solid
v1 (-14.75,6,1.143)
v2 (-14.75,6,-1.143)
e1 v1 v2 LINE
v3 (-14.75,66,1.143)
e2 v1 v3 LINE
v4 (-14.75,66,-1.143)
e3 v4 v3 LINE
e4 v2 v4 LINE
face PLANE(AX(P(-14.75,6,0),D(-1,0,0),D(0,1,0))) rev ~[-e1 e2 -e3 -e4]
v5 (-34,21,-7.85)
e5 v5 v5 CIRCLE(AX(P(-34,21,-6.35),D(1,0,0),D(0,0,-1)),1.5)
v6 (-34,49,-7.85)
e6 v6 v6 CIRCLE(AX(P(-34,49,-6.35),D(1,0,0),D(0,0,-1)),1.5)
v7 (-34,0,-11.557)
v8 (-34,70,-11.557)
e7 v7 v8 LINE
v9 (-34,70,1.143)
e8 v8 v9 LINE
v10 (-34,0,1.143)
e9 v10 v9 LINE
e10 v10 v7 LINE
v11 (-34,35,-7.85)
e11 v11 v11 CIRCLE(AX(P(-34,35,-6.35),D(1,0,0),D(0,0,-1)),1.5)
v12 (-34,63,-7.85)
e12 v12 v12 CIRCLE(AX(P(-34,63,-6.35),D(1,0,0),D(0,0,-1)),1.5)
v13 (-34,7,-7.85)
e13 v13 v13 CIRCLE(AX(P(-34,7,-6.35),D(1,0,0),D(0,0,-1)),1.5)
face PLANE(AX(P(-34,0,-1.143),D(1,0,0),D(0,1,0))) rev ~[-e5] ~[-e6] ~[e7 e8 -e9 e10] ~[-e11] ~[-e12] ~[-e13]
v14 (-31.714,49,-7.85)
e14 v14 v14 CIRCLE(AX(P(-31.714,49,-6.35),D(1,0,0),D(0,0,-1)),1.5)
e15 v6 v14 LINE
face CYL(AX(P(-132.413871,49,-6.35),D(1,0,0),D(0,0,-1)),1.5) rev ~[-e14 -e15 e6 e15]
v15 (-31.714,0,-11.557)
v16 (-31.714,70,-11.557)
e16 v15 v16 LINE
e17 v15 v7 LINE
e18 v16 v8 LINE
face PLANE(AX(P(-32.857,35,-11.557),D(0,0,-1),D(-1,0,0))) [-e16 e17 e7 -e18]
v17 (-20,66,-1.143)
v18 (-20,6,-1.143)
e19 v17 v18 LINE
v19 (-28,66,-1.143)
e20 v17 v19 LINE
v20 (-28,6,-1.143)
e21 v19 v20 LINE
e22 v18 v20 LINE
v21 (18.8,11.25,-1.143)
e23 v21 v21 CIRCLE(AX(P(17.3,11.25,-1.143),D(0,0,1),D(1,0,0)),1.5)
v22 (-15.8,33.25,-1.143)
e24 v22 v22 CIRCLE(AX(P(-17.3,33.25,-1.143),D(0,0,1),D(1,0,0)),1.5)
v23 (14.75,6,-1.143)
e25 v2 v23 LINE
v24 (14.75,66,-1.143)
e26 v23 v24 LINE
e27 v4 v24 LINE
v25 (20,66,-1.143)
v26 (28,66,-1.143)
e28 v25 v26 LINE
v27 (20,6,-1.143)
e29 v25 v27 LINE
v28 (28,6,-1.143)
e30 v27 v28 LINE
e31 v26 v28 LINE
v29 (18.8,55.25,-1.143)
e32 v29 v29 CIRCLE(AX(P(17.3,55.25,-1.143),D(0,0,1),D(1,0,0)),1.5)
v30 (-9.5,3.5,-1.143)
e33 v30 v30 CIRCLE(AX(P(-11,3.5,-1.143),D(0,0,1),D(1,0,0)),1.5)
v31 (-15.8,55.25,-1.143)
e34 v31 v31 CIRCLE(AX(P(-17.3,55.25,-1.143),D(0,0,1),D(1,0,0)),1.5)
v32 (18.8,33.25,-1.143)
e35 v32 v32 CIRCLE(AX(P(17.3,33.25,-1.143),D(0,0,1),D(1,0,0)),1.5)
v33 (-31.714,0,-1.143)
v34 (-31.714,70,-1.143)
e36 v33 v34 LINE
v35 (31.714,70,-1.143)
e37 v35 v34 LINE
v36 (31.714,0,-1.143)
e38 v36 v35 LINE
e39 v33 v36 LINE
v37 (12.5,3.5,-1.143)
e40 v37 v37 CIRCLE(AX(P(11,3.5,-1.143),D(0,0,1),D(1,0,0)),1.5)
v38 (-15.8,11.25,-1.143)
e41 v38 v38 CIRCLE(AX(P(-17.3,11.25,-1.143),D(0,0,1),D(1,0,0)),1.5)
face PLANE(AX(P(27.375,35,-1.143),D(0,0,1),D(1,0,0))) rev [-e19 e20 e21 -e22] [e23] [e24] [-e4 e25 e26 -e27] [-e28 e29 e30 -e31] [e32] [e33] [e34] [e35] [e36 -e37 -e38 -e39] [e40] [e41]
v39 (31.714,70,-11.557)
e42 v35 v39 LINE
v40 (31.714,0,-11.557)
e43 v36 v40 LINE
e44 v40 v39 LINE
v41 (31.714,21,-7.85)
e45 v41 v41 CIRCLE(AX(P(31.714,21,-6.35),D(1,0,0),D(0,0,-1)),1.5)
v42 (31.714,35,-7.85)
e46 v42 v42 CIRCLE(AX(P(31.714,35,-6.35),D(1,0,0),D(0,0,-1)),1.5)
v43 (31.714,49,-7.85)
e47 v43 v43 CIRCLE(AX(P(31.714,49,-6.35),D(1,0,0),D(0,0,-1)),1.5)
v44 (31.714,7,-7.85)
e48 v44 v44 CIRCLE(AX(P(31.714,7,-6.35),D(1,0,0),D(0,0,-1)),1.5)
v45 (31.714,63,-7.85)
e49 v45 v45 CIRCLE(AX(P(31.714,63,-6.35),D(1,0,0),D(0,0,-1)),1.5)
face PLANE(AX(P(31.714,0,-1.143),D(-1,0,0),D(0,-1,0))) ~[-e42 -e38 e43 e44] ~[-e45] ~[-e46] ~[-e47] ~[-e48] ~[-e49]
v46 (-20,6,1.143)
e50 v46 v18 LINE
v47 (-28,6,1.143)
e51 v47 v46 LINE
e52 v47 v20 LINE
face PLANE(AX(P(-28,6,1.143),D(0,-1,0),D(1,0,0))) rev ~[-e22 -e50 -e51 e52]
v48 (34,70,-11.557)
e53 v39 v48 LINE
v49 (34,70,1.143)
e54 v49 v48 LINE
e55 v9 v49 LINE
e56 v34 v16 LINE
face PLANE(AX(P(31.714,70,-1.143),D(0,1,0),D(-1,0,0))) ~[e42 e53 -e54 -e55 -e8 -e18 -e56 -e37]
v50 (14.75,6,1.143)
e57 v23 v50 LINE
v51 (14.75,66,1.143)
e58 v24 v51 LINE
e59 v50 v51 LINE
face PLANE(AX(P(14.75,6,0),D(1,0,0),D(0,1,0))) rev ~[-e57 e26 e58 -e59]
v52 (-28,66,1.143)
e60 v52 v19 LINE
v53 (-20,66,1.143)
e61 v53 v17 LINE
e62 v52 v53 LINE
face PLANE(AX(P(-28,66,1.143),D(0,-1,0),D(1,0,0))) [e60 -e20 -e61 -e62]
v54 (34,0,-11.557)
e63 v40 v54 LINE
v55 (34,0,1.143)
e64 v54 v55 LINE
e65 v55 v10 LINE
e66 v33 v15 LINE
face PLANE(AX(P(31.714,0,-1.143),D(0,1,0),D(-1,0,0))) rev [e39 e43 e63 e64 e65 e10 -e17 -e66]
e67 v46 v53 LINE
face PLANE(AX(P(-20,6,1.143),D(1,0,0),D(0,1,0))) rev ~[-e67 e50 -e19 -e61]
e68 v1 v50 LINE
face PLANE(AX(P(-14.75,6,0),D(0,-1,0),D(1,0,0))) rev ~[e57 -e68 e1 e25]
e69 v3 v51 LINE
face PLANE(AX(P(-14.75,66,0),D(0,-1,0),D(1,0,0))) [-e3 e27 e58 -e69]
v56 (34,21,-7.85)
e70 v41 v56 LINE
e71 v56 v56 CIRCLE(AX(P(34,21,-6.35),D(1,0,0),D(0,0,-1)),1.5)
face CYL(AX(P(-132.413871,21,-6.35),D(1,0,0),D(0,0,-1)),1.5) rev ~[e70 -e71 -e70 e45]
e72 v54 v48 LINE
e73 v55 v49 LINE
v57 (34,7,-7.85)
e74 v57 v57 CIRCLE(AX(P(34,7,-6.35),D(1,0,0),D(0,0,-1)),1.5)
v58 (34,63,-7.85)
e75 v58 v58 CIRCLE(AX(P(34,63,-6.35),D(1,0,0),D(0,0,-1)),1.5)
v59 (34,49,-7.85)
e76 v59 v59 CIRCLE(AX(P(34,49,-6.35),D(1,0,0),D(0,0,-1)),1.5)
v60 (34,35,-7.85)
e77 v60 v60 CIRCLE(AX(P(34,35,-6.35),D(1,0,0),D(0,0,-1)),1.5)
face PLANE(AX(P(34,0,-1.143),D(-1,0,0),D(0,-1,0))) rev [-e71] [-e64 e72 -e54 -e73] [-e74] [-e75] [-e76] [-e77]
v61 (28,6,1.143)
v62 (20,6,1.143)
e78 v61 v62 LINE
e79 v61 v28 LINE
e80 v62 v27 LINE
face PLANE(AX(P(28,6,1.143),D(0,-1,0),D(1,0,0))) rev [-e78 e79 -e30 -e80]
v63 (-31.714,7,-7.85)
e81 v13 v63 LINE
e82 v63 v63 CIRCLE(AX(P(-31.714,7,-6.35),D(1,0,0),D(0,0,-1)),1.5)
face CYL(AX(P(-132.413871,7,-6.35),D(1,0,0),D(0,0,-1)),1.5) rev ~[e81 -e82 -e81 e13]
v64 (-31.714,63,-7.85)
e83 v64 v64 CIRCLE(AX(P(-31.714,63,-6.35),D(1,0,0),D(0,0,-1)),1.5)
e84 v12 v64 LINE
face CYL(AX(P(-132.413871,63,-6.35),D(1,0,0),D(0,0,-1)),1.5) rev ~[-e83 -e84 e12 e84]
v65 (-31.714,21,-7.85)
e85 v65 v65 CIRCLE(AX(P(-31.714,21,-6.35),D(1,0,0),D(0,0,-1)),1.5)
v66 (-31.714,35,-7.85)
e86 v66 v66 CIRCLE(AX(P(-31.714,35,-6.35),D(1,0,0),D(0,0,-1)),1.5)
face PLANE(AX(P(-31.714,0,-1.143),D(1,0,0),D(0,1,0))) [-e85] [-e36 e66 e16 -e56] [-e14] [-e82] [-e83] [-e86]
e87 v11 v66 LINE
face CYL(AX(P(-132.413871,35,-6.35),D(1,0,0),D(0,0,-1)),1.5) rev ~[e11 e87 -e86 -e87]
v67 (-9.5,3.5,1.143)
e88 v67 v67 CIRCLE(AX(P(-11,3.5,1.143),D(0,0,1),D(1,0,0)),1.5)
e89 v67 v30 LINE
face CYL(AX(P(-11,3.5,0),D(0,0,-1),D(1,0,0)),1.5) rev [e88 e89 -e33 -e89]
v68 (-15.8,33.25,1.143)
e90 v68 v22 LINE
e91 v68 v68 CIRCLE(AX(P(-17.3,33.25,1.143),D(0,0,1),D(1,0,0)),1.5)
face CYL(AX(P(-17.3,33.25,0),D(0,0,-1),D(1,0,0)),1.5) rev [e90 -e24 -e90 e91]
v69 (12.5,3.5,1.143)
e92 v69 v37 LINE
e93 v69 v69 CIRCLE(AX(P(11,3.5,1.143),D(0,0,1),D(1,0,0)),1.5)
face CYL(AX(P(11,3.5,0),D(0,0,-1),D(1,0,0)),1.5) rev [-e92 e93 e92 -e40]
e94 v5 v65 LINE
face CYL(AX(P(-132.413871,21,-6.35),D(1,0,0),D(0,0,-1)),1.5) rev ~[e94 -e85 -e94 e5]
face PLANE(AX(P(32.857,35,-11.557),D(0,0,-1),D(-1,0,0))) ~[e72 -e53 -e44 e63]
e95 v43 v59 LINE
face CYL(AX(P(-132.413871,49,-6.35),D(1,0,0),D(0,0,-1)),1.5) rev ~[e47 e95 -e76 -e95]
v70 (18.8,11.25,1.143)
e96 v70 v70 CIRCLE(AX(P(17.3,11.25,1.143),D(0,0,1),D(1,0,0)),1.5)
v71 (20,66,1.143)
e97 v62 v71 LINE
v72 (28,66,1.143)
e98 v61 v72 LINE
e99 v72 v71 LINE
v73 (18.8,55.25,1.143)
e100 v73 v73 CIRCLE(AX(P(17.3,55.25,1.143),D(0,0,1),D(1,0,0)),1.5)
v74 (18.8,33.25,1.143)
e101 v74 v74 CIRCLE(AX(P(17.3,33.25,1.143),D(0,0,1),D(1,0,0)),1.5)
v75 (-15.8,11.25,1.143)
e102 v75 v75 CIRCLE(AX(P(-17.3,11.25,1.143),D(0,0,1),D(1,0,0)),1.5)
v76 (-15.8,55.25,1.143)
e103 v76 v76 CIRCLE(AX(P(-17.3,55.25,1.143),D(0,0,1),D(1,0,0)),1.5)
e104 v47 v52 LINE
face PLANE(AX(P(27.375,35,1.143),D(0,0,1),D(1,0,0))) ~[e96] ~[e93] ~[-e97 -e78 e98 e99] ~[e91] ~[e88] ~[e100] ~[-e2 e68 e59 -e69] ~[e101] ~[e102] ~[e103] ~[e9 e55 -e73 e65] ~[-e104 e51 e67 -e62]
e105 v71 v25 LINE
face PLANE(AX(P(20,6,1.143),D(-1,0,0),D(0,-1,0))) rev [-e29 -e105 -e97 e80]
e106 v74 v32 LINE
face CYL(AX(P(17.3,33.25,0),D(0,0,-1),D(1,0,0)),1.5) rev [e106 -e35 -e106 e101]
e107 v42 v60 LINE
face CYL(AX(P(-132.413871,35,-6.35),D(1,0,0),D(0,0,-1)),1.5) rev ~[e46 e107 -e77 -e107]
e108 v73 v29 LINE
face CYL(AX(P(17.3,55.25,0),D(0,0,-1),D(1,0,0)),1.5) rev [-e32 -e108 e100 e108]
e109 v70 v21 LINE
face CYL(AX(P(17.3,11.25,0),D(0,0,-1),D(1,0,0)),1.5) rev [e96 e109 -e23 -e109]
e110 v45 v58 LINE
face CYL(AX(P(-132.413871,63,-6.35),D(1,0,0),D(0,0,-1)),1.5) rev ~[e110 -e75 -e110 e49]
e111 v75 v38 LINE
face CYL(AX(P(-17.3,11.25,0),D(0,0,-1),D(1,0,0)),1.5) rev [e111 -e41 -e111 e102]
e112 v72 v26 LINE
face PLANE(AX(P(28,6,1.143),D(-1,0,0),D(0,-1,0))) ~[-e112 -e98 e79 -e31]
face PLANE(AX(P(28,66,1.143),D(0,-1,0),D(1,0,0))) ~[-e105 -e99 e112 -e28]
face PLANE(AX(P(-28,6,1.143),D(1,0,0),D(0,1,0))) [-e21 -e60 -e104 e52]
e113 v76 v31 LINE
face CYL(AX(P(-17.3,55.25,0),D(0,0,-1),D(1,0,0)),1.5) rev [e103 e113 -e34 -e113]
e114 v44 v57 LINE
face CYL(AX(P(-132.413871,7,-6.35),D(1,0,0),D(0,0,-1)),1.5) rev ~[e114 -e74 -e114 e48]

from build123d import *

# Parameters (mm, degrees)
SKETCH1_W             = 41.5
SKETCH1_H             = 70
SKETCH1_R             = 1.5
SKETCH1_W_2           = 29.5
SKETCH1_H_2           = 60
BOSS_EXTRUDE1_DEPTH   = 1.143
SKETCH2_W             = 13.25
SKETCH2_H             = 70
BOSS_EXTRUDE2_DEPTH   = 2.286
SKETCH8_W             = 8
SKETCH8_H             = 60
CUT_EXTRUDE1_DEPTH    = 10
SKETCH9_W             = 2.286
SKETCH9_H             = 70
BOSS_EXTRUDE3_DEPTH   = 10.414
F_3_0MM_DOWEL_HOLE1_D = 3


with BuildPart() as part:
    # Sketch1 → Boss-Extrude1 (new body, symmetric)
    with BuildSketch(Plane.XY):
        with Locations((0, 35)):
            Rectangle(SKETCH1_W, SKETCH1_H)
        with Locations((-17.3, 11.25)):
            Circle(SKETCH1_R, mode=Mode.SUBTRACT)
        with Locations((-11, 3.5)):
            Circle(SKETCH1_R, mode=Mode.SUBTRACT)
        with Locations((-17.3, 33.25)):
            Circle(SKETCH1_R, mode=Mode.SUBTRACT)
        with Locations((-17.3, 55.25)):
            Circle(SKETCH1_R, mode=Mode.SUBTRACT)
        with Locations((17.3, 55.25)):
            Circle(SKETCH1_R, mode=Mode.SUBTRACT)
        with Locations((17.3, 33.25)):
            Circle(SKETCH1_R, mode=Mode.SUBTRACT)
        with Locations((11, 3.5)):
            Circle(SKETCH1_R, mode=Mode.SUBTRACT)
        with Locations((17.3, 11.25)):
            Circle(SKETCH1_R, mode=Mode.SUBTRACT)
        with Locations((0, 36)):
            Rectangle(SKETCH1_W_2, SKETCH1_H_2, mode=Mode.SUBTRACT)
    extrude(amount=BOSS_EXTRUDE1_DEPTH, both=True)

    # Sketch2 → Boss-Extrude2 (add)
    with BuildSketch(Plane.XY.offset(1.143)):
        with Locations((-27.375, 35)):
            Rectangle(SKETCH2_W, SKETCH2_H)
    boss_extrude2 = extrude(amount=-BOSS_EXTRUDE2_DEPTH)

    # Mirror4: Boss-Extrude2 across plane
    add(boss_extrude2.mirror(Plane(origin=(0, 0, 0), x_dir=(0, 0, 1), z_dir=(1, 0, 0))))

    # Sketch8 → Cut-Extrude1 (cut)
    with BuildSketch(Plane.XY.offset(1.143)):
        with Locations((-24, 36)):
            Rectangle(SKETCH8_W, SKETCH8_H)
    cut_extrude1 = extrude(amount=-CUT_EXTRUDE1_DEPTH, mode=Mode.SUBTRACT)

    # Mirror3: Cut-Extrude1 across plane
    add(cut_extrude1.mirror(Plane(origin=(0, 0, 0), x_dir=(0, 0, 1), z_dir=(1, 0, 0))), mode=Mode.SUBTRACT)

    # Sketch9 → Boss-Extrude3 (add)
    with BuildSketch(Plane(origin=(0, 0, -1.143), x_dir=(-1, 0, 0), z_dir=(0, 0, -1))):
        with Locations((32.857, 35)):
            Rectangle(SKETCH9_W, SKETCH9_H)
    boss_extrude3 = extrude(amount=BOSS_EXTRUDE3_DEPTH)

    # Mirror5: Boss-Extrude3 across plane
    add(boss_extrude3.mirror(Plane(origin=(0, 0, 0), x_dir=(0, 0, 1), z_dir=(1, 0, 0))))

    # Ø3.0mm Dowel Hole1 (through all)
    with Locations(Plane.ZY.offset(34)):
        with Locations((-6.35, 35), (-6.35, 21), (-6.35, 49), (-6.35, 63), (-6.35, 7)):
            Hole(F_3_0MM_DOWEL_HOLE1_D / 2)


solid = part.part
